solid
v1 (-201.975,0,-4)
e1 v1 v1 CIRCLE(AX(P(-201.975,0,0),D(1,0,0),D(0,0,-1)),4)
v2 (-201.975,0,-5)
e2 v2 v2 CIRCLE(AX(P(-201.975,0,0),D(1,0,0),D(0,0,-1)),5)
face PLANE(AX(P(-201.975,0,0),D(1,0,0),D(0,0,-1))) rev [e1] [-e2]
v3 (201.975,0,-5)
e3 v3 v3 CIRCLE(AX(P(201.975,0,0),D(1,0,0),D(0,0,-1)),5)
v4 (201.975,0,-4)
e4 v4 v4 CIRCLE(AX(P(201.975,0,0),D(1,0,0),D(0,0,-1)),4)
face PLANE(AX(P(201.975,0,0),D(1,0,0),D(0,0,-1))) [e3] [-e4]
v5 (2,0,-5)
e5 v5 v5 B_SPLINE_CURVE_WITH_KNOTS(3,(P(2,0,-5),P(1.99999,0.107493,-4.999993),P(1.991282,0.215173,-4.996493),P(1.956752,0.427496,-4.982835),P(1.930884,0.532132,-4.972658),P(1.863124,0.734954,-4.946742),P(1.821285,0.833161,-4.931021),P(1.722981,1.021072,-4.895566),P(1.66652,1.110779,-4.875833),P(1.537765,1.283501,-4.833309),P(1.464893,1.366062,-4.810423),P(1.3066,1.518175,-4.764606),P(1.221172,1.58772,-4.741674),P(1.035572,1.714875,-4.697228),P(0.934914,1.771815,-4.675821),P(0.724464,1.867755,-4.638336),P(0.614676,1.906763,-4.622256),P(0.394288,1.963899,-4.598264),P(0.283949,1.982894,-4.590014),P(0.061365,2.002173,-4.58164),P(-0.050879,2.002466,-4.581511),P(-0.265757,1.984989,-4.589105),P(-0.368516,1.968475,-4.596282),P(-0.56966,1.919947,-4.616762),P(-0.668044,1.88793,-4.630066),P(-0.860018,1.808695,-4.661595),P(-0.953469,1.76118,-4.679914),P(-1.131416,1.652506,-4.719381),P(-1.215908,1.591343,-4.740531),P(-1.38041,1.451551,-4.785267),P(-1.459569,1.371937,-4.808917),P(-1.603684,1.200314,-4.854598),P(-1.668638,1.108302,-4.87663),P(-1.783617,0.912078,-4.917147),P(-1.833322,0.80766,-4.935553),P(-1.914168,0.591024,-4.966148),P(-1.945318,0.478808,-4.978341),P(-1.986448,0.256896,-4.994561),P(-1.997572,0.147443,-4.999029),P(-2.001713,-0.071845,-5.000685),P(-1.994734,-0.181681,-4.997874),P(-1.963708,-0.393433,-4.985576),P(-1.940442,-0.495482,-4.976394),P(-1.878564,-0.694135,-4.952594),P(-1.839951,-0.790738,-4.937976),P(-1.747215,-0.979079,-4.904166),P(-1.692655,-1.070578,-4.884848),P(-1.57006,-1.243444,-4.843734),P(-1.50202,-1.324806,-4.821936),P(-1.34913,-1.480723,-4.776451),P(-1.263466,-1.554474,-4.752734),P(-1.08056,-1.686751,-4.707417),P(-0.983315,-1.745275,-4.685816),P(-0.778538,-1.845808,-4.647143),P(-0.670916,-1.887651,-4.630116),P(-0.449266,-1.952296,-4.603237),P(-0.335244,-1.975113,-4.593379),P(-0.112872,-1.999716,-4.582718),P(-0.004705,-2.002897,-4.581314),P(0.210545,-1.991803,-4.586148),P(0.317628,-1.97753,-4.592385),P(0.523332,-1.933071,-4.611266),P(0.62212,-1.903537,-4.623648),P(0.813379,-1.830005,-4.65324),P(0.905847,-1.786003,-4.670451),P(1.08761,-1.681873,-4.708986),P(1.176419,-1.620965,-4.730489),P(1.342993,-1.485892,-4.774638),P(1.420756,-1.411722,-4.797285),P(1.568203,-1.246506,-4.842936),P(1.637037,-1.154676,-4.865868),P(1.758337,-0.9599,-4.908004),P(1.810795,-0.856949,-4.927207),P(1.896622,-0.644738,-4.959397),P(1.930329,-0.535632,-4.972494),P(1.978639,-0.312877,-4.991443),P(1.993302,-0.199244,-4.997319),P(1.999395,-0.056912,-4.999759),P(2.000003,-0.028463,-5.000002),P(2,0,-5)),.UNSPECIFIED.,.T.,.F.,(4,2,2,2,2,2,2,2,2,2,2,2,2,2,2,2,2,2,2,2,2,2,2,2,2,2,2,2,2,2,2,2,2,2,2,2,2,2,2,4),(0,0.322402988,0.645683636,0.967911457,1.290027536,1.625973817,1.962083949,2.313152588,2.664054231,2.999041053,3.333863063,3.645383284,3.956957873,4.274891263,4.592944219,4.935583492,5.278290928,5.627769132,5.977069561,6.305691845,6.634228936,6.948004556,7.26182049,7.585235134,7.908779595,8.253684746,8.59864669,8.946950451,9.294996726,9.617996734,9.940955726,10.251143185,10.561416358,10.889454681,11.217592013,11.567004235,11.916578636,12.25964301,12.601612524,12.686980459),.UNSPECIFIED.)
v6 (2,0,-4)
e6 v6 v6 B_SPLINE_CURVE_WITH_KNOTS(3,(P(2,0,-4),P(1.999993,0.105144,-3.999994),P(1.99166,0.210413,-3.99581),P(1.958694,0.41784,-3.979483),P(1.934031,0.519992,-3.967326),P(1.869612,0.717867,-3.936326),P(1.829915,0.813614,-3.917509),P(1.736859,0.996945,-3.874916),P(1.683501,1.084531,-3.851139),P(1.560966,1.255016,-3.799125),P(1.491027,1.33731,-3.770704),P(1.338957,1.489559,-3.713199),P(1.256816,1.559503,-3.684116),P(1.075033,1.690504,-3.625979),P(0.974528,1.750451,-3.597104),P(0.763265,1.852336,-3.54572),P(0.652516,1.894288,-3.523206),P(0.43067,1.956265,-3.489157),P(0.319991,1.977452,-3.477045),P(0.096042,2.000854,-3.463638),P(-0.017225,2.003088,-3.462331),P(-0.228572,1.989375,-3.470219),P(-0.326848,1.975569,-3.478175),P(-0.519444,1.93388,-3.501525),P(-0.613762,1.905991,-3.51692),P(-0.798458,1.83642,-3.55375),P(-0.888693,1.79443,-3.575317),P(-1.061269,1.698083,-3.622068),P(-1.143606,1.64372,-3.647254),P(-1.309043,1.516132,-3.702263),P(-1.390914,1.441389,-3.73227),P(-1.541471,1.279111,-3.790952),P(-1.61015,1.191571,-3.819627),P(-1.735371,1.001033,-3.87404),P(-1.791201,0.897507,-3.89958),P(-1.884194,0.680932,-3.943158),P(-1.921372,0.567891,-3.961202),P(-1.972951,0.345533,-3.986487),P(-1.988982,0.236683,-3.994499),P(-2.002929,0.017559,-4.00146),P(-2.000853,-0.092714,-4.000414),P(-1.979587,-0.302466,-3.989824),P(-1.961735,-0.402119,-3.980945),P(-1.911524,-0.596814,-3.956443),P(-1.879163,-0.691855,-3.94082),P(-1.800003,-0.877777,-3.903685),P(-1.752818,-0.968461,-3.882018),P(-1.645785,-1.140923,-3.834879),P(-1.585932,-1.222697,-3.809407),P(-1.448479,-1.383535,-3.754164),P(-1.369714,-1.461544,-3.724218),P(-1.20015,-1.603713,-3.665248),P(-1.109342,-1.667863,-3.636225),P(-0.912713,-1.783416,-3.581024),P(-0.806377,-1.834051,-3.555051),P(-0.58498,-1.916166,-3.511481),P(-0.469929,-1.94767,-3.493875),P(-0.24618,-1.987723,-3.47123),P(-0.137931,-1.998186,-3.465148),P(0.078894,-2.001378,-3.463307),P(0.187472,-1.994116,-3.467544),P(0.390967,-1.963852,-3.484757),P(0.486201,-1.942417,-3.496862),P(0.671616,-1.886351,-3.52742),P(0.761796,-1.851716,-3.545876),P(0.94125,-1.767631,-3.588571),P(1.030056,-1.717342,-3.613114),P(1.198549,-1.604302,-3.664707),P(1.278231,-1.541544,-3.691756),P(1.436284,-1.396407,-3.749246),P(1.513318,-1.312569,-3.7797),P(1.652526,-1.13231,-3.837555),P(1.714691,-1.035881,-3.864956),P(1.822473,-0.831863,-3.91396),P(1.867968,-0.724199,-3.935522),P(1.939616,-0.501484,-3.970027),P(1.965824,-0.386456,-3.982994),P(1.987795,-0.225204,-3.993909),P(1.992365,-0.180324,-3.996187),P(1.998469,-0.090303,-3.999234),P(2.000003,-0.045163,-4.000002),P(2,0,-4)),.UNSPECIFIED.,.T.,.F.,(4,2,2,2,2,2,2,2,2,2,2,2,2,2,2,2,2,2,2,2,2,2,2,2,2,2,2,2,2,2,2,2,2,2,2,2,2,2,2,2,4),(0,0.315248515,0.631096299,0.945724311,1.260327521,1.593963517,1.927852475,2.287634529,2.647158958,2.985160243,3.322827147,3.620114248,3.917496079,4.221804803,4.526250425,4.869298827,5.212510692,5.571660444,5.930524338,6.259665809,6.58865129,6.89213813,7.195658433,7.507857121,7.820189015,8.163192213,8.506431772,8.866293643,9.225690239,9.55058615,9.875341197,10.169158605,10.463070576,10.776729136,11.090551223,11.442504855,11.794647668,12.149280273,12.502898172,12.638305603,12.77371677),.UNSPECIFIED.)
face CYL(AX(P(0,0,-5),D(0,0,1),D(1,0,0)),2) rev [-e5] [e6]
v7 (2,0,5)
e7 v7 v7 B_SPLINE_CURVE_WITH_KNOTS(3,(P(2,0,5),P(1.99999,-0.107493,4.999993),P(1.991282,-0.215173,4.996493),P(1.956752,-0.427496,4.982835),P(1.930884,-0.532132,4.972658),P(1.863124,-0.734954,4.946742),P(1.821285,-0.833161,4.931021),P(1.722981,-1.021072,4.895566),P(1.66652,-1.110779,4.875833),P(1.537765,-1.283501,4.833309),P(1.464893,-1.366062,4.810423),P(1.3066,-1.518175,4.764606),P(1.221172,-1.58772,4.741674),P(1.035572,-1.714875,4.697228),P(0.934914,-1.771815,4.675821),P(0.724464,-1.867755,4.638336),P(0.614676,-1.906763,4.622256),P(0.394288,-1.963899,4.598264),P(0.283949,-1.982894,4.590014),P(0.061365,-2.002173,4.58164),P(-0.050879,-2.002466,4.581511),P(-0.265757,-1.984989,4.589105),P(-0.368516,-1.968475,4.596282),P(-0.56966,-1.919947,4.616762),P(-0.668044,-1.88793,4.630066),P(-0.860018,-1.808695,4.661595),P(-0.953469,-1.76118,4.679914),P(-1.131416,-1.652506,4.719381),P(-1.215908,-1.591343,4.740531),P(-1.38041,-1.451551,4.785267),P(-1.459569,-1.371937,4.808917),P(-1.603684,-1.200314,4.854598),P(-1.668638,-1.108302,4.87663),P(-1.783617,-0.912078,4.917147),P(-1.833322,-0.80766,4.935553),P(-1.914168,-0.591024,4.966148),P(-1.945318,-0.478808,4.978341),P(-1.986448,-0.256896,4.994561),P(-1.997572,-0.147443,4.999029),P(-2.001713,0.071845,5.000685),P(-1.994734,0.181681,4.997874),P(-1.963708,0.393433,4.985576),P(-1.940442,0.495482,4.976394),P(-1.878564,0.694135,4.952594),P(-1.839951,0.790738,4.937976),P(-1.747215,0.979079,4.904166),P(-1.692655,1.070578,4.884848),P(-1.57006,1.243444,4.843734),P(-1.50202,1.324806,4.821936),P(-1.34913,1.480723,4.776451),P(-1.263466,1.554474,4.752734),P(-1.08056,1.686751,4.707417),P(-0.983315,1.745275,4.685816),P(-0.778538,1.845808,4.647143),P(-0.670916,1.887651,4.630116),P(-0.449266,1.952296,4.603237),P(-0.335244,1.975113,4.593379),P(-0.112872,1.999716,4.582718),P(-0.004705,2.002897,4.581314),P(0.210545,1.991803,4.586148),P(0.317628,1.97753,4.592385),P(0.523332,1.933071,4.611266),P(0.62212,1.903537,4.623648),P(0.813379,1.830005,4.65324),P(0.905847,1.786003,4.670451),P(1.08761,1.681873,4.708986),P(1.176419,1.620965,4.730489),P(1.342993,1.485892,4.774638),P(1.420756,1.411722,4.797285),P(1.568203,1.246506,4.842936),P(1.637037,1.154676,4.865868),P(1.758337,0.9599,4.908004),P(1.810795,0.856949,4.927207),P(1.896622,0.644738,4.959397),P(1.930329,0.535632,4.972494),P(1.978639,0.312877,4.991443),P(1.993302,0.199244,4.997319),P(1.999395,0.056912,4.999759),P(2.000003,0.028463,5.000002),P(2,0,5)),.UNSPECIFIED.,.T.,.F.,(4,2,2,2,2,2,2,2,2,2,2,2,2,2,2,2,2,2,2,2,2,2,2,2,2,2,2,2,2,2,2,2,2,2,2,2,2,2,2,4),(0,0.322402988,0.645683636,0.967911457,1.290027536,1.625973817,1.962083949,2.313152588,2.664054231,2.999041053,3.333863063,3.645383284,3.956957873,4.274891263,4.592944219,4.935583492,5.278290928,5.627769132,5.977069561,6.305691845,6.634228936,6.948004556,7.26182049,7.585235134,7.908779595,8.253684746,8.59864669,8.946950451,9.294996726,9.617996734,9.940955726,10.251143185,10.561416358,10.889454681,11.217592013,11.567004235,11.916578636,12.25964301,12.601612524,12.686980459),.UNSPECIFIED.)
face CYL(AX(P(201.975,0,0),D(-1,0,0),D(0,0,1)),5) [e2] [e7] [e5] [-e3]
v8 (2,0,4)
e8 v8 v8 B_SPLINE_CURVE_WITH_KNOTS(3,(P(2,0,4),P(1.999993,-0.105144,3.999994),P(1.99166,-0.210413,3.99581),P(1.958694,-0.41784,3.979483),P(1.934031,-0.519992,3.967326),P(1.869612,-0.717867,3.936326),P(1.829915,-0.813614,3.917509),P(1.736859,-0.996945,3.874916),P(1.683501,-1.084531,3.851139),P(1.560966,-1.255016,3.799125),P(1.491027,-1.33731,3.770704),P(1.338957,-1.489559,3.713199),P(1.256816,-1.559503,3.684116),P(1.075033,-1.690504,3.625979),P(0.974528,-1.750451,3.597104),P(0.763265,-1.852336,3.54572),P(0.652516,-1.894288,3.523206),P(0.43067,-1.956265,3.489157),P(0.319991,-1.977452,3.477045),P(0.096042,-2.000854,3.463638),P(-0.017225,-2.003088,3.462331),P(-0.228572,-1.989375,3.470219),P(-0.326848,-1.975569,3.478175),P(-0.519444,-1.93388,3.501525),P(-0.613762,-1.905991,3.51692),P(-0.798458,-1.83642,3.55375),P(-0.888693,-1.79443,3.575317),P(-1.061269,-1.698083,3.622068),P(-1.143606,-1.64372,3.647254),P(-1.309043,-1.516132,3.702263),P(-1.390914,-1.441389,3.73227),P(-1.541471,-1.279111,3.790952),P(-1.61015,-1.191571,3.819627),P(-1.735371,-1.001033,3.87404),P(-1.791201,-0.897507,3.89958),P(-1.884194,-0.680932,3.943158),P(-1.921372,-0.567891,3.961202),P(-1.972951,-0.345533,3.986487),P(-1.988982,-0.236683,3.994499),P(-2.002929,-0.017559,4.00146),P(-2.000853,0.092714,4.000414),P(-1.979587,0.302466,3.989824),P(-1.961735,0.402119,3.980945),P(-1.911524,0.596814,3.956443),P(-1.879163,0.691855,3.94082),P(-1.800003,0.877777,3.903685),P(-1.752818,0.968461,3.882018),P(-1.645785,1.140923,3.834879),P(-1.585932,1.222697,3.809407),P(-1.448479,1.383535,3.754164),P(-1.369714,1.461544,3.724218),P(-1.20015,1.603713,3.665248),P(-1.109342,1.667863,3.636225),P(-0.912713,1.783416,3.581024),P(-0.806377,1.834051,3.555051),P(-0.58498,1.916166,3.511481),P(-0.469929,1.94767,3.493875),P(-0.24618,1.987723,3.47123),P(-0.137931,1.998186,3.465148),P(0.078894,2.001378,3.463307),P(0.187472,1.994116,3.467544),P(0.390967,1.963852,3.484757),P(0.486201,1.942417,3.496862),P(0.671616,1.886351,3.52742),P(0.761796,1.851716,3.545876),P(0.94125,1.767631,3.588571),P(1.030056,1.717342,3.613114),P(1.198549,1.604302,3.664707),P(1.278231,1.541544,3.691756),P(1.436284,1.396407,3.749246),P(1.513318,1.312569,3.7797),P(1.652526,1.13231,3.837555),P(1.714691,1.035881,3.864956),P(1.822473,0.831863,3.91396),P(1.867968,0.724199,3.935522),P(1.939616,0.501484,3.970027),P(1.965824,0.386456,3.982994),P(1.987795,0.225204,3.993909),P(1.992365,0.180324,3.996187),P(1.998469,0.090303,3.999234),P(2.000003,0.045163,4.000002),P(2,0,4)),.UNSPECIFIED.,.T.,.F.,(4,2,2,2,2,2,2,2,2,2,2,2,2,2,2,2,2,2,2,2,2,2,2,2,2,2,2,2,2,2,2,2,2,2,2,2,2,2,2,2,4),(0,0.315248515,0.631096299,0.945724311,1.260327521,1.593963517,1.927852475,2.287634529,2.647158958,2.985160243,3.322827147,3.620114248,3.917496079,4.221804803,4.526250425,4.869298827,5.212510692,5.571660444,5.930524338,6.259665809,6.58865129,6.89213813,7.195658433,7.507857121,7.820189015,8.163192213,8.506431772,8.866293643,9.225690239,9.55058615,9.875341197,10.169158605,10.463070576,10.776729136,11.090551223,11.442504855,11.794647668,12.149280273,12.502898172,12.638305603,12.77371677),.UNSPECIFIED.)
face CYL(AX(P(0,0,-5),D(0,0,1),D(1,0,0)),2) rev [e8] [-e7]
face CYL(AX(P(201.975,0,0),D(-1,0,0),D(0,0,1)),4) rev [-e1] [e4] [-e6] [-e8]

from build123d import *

# Parameters (mm, degrees)
SKETCH_1_R               = 5
SKETCH_1_R_2             = 4
EXTRUDE_1_DEPTH          = 201.975
CUT_EXTRUDE_1_DEPTH      = 203.098739791
CUT_EXTRUDE_1_DEPTH_BACK = 203.098739791
SKETCH_2_R               = 2


with BuildPart() as part:
    # 草圖1 → 填料-伸長1 (new, symmetric)
    with BuildSketch(Plane(origin=(0, 0, 0), x_dir=(0, 0, -1), z_dir=(1, 0, 0))):
        Circle(SKETCH_1_R)
        Circle(SKETCH_1_R_2, mode=Mode.SUBTRACT)
    extrude(amount=EXTRUDE_1_DEPTH, both=True)

    # 草圖2 → 除料-伸長1 (cut, two sides: drawn at the far end of the back side and taken through both)
    with BuildSketch(Plane.XY.offset(-CUT_EXTRUDE_1_DEPTH_BACK)):
        Circle(SKETCH_2_R)
    extrude(amount=CUT_EXTRUDE_1_DEPTH + CUT_EXTRUDE_1_DEPTH_BACK, mode=Mode.SUBTRACT)


solid = part.part
